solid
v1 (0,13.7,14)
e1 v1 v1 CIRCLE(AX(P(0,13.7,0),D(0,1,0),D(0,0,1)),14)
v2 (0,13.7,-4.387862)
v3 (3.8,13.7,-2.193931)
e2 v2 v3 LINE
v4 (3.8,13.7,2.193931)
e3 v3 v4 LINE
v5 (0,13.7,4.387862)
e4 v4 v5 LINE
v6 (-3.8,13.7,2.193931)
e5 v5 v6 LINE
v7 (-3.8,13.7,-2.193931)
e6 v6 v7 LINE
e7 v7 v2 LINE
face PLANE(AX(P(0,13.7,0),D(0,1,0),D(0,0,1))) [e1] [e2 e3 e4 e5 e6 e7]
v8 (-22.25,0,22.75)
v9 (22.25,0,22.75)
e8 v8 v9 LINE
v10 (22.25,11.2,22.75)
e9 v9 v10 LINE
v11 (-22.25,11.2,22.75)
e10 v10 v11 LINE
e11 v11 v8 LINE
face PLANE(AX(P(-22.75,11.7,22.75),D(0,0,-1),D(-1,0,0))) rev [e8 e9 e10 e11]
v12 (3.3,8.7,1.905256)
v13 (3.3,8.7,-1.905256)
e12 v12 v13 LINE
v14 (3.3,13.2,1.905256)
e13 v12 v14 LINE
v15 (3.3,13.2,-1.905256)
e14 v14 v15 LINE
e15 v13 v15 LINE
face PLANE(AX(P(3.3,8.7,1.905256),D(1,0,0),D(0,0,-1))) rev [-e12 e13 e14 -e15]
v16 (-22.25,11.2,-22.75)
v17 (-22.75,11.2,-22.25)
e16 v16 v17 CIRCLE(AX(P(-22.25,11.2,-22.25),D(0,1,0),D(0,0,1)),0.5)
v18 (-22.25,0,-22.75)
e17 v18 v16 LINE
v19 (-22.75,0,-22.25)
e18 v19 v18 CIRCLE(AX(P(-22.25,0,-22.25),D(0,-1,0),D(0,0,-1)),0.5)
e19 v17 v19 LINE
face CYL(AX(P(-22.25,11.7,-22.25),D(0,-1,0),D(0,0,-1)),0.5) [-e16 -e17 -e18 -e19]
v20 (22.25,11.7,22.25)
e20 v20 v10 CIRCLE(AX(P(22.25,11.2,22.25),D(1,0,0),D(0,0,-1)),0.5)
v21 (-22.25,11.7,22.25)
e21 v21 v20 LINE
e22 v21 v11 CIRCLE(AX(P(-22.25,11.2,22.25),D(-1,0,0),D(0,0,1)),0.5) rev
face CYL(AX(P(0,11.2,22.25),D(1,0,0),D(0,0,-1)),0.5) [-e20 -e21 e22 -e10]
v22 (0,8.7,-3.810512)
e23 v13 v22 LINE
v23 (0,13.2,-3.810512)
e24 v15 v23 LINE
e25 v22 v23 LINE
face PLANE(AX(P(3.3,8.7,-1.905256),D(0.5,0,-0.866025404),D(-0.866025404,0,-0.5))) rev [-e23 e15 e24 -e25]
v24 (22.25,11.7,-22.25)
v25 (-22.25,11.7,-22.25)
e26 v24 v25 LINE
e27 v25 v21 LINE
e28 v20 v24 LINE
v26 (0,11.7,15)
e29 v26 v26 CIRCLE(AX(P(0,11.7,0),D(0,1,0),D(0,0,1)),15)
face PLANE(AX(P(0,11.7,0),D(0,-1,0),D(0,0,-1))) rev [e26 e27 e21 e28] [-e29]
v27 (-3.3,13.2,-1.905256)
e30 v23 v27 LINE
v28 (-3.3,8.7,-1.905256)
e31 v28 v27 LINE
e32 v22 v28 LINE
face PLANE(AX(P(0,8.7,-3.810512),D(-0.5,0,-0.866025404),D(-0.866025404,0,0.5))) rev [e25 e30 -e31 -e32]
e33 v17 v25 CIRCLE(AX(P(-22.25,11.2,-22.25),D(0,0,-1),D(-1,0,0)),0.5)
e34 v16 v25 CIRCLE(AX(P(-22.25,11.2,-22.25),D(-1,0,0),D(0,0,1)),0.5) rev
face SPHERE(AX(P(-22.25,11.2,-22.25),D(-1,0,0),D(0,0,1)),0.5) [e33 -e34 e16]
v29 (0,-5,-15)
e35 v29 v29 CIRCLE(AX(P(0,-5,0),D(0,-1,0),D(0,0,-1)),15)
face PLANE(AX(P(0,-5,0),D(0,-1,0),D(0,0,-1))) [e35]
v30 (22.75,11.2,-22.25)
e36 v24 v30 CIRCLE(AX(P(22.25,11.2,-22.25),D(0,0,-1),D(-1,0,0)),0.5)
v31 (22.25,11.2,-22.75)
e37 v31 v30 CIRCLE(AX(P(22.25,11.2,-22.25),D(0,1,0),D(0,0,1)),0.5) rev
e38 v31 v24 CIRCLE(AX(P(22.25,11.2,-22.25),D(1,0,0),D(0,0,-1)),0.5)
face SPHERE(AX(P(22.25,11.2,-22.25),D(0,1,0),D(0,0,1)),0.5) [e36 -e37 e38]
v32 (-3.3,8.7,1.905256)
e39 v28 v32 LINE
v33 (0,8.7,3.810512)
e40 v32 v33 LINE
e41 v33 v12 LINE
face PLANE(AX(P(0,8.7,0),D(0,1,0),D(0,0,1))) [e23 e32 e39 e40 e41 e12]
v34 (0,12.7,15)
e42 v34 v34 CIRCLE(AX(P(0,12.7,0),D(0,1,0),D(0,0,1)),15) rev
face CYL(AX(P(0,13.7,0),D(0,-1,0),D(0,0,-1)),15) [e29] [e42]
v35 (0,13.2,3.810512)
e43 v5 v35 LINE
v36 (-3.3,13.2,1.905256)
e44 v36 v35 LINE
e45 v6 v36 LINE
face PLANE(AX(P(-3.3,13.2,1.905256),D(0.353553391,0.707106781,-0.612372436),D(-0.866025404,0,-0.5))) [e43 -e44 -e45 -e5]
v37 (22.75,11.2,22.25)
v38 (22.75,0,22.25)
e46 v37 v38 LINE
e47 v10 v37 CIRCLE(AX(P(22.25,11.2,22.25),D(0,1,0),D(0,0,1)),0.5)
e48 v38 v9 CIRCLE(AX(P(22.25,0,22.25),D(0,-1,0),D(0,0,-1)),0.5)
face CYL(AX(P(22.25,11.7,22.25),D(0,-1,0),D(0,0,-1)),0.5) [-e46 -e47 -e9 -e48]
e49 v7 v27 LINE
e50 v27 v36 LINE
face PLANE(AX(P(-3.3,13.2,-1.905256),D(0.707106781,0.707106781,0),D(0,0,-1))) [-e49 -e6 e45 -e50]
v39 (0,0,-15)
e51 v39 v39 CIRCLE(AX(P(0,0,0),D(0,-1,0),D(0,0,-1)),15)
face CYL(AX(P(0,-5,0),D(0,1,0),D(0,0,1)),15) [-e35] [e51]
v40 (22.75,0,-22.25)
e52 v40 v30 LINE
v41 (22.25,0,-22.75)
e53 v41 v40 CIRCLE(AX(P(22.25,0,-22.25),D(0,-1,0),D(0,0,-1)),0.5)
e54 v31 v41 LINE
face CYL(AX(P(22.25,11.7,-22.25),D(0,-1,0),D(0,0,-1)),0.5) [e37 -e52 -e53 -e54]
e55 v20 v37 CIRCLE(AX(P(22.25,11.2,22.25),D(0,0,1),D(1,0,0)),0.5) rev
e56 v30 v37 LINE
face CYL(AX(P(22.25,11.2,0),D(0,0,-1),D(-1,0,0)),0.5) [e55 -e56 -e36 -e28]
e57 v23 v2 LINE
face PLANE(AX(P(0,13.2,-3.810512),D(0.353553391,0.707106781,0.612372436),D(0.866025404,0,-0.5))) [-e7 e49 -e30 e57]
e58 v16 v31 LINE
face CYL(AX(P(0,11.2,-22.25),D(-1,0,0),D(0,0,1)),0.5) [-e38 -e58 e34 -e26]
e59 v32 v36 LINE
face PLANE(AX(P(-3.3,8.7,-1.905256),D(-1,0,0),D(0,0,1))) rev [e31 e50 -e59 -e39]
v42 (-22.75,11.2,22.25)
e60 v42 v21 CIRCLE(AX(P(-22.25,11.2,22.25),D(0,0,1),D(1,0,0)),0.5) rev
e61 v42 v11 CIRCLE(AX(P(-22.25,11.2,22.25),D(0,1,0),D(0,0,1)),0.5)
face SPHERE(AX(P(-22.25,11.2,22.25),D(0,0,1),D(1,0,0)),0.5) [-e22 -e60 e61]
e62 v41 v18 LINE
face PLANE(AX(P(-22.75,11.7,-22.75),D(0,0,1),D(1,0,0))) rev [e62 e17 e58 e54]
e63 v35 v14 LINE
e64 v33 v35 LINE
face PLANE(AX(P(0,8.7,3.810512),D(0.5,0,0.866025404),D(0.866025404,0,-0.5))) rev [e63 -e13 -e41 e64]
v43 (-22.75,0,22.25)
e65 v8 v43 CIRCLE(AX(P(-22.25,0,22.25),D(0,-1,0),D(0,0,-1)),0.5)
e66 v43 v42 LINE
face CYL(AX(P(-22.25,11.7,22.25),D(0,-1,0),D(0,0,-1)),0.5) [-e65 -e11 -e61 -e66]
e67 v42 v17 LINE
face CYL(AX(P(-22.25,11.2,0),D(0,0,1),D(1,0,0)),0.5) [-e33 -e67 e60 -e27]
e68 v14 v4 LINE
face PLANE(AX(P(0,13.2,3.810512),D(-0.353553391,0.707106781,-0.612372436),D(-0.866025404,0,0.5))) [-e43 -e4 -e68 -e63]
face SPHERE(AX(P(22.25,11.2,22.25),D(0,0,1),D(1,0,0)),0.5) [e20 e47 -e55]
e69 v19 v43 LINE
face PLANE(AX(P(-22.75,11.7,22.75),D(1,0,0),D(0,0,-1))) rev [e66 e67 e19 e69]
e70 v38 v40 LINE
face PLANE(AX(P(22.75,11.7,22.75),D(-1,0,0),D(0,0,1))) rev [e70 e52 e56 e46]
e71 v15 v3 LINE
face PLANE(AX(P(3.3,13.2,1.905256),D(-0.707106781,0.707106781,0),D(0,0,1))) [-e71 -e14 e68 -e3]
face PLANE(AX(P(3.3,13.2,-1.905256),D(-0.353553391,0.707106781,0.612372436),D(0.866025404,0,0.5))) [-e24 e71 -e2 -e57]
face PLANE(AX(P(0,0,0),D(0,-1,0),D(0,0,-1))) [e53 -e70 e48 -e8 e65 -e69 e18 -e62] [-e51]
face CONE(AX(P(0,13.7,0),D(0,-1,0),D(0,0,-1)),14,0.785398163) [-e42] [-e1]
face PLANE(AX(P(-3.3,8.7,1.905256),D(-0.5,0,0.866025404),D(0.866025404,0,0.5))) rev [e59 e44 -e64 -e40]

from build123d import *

# Parameters (mm, degrees)
SKETCH1_W           = 45.5
SKETCH1_H           = 45.5
BOSS_EXTRUDE1_DEPTH = 11.7
SKETCH2_R           = 15
BOSS_EXTRUDE2_DEPTH = 2
CHAMFER1_SIZE       = 1
CUT_EXTRUDE1_DEPTH  = 5
CHAMFER2_SIZE       = 0.5
FILLET1_R           = 0.5
SKETCH4_R           = 15
BOSS_EXTRUDE3_DEPTH = 5


with BuildPart() as part:
    # Sketch1 → Boss-Extrude1 (new body)
    with BuildSketch(Plane(origin=(0, 0, 0), x_dir=(1, 0, 0), z_dir=(0, 1, 0))):
        Rectangle(SKETCH1_W, SKETCH1_H)
    extrude(amount=BOSS_EXTRUDE1_DEPTH)

    # Sketch2 → Boss-Extrude2 (add)
    with BuildSketch(Plane(origin=(0, 11.7, 0), x_dir=(1, 0, 0), z_dir=(0, 1, 0))):
        Circle(SKETCH2_R)
    extrude(amount=BOSS_EXTRUDE2_DEPTH)

    # Chamfer1
    chamfer1_edges = [part.edges().sort_by_distance(p)[0] for p in [
        (-15, 13.7, 0),
    ]]
    chamfer(chamfer1_edges, length=CHAMFER1_SIZE)

    # Sketch3 → Cut-Extrude1 (cut)
    with BuildSketch(Plane(origin=(0, 13.7, 0), x_dir=(1, 0, 0), z_dir=(0, 1, 0))):
        Polygon((0, 3.810511777), (-3.3, 1.905255888), (-3.3, -1.905255888), (0, -3.810511777), (3.3, -1.905255888), (3.3, 1.905255888), align=None)
    extrude(amount=-CUT_EXTRUDE1_DEPTH, mode=Mode.SUBTRACT)

    # Chamfer2
    chamfer2_edges = [part.edges().sort_by_distance(p)[0] for p in [
        (1.65, 13.7, -2.857883832),
        (-1.65, 13.7, -2.857883832),
        (-3.3, 13.7, 0),
        (-1.65, 13.7, 2.857883832),
        (1.65, 13.7, 2.857883832),
        (3.3, 13.7, 0),
    ]]
    chamfer(chamfer2_edges, length=CHAMFER2_SIZE)

    # Fillet1
    fillet1_edges = [part.edges().sort_by_distance(p)[0] for p in [
        (-22.75, 11.7, 0),
        (0, 11.7, 22.75),
        (22.75, 11.7, 0),
        (22.75, 5.85, 22.75),
        (-22.75, 5.85, 22.75),
        (-22.75, 5.85, -22.75),
        (22.75, 5.85, -22.75),
        (0, 11.7, -22.75),
    ]]
    fillet(fillet1_edges, radius=FILLET1_R)

    # Sketch4 → Boss-Extrude3 (add)
    with BuildSketch(Plane(origin=(0, 0, 0), x_dir=(-1, 0, 0), z_dir=(0, -1, 0))):
        Circle(SKETCH4_R)
    extrude(amount=BOSS_EXTRUDE3_DEPTH)


solid = part.part
